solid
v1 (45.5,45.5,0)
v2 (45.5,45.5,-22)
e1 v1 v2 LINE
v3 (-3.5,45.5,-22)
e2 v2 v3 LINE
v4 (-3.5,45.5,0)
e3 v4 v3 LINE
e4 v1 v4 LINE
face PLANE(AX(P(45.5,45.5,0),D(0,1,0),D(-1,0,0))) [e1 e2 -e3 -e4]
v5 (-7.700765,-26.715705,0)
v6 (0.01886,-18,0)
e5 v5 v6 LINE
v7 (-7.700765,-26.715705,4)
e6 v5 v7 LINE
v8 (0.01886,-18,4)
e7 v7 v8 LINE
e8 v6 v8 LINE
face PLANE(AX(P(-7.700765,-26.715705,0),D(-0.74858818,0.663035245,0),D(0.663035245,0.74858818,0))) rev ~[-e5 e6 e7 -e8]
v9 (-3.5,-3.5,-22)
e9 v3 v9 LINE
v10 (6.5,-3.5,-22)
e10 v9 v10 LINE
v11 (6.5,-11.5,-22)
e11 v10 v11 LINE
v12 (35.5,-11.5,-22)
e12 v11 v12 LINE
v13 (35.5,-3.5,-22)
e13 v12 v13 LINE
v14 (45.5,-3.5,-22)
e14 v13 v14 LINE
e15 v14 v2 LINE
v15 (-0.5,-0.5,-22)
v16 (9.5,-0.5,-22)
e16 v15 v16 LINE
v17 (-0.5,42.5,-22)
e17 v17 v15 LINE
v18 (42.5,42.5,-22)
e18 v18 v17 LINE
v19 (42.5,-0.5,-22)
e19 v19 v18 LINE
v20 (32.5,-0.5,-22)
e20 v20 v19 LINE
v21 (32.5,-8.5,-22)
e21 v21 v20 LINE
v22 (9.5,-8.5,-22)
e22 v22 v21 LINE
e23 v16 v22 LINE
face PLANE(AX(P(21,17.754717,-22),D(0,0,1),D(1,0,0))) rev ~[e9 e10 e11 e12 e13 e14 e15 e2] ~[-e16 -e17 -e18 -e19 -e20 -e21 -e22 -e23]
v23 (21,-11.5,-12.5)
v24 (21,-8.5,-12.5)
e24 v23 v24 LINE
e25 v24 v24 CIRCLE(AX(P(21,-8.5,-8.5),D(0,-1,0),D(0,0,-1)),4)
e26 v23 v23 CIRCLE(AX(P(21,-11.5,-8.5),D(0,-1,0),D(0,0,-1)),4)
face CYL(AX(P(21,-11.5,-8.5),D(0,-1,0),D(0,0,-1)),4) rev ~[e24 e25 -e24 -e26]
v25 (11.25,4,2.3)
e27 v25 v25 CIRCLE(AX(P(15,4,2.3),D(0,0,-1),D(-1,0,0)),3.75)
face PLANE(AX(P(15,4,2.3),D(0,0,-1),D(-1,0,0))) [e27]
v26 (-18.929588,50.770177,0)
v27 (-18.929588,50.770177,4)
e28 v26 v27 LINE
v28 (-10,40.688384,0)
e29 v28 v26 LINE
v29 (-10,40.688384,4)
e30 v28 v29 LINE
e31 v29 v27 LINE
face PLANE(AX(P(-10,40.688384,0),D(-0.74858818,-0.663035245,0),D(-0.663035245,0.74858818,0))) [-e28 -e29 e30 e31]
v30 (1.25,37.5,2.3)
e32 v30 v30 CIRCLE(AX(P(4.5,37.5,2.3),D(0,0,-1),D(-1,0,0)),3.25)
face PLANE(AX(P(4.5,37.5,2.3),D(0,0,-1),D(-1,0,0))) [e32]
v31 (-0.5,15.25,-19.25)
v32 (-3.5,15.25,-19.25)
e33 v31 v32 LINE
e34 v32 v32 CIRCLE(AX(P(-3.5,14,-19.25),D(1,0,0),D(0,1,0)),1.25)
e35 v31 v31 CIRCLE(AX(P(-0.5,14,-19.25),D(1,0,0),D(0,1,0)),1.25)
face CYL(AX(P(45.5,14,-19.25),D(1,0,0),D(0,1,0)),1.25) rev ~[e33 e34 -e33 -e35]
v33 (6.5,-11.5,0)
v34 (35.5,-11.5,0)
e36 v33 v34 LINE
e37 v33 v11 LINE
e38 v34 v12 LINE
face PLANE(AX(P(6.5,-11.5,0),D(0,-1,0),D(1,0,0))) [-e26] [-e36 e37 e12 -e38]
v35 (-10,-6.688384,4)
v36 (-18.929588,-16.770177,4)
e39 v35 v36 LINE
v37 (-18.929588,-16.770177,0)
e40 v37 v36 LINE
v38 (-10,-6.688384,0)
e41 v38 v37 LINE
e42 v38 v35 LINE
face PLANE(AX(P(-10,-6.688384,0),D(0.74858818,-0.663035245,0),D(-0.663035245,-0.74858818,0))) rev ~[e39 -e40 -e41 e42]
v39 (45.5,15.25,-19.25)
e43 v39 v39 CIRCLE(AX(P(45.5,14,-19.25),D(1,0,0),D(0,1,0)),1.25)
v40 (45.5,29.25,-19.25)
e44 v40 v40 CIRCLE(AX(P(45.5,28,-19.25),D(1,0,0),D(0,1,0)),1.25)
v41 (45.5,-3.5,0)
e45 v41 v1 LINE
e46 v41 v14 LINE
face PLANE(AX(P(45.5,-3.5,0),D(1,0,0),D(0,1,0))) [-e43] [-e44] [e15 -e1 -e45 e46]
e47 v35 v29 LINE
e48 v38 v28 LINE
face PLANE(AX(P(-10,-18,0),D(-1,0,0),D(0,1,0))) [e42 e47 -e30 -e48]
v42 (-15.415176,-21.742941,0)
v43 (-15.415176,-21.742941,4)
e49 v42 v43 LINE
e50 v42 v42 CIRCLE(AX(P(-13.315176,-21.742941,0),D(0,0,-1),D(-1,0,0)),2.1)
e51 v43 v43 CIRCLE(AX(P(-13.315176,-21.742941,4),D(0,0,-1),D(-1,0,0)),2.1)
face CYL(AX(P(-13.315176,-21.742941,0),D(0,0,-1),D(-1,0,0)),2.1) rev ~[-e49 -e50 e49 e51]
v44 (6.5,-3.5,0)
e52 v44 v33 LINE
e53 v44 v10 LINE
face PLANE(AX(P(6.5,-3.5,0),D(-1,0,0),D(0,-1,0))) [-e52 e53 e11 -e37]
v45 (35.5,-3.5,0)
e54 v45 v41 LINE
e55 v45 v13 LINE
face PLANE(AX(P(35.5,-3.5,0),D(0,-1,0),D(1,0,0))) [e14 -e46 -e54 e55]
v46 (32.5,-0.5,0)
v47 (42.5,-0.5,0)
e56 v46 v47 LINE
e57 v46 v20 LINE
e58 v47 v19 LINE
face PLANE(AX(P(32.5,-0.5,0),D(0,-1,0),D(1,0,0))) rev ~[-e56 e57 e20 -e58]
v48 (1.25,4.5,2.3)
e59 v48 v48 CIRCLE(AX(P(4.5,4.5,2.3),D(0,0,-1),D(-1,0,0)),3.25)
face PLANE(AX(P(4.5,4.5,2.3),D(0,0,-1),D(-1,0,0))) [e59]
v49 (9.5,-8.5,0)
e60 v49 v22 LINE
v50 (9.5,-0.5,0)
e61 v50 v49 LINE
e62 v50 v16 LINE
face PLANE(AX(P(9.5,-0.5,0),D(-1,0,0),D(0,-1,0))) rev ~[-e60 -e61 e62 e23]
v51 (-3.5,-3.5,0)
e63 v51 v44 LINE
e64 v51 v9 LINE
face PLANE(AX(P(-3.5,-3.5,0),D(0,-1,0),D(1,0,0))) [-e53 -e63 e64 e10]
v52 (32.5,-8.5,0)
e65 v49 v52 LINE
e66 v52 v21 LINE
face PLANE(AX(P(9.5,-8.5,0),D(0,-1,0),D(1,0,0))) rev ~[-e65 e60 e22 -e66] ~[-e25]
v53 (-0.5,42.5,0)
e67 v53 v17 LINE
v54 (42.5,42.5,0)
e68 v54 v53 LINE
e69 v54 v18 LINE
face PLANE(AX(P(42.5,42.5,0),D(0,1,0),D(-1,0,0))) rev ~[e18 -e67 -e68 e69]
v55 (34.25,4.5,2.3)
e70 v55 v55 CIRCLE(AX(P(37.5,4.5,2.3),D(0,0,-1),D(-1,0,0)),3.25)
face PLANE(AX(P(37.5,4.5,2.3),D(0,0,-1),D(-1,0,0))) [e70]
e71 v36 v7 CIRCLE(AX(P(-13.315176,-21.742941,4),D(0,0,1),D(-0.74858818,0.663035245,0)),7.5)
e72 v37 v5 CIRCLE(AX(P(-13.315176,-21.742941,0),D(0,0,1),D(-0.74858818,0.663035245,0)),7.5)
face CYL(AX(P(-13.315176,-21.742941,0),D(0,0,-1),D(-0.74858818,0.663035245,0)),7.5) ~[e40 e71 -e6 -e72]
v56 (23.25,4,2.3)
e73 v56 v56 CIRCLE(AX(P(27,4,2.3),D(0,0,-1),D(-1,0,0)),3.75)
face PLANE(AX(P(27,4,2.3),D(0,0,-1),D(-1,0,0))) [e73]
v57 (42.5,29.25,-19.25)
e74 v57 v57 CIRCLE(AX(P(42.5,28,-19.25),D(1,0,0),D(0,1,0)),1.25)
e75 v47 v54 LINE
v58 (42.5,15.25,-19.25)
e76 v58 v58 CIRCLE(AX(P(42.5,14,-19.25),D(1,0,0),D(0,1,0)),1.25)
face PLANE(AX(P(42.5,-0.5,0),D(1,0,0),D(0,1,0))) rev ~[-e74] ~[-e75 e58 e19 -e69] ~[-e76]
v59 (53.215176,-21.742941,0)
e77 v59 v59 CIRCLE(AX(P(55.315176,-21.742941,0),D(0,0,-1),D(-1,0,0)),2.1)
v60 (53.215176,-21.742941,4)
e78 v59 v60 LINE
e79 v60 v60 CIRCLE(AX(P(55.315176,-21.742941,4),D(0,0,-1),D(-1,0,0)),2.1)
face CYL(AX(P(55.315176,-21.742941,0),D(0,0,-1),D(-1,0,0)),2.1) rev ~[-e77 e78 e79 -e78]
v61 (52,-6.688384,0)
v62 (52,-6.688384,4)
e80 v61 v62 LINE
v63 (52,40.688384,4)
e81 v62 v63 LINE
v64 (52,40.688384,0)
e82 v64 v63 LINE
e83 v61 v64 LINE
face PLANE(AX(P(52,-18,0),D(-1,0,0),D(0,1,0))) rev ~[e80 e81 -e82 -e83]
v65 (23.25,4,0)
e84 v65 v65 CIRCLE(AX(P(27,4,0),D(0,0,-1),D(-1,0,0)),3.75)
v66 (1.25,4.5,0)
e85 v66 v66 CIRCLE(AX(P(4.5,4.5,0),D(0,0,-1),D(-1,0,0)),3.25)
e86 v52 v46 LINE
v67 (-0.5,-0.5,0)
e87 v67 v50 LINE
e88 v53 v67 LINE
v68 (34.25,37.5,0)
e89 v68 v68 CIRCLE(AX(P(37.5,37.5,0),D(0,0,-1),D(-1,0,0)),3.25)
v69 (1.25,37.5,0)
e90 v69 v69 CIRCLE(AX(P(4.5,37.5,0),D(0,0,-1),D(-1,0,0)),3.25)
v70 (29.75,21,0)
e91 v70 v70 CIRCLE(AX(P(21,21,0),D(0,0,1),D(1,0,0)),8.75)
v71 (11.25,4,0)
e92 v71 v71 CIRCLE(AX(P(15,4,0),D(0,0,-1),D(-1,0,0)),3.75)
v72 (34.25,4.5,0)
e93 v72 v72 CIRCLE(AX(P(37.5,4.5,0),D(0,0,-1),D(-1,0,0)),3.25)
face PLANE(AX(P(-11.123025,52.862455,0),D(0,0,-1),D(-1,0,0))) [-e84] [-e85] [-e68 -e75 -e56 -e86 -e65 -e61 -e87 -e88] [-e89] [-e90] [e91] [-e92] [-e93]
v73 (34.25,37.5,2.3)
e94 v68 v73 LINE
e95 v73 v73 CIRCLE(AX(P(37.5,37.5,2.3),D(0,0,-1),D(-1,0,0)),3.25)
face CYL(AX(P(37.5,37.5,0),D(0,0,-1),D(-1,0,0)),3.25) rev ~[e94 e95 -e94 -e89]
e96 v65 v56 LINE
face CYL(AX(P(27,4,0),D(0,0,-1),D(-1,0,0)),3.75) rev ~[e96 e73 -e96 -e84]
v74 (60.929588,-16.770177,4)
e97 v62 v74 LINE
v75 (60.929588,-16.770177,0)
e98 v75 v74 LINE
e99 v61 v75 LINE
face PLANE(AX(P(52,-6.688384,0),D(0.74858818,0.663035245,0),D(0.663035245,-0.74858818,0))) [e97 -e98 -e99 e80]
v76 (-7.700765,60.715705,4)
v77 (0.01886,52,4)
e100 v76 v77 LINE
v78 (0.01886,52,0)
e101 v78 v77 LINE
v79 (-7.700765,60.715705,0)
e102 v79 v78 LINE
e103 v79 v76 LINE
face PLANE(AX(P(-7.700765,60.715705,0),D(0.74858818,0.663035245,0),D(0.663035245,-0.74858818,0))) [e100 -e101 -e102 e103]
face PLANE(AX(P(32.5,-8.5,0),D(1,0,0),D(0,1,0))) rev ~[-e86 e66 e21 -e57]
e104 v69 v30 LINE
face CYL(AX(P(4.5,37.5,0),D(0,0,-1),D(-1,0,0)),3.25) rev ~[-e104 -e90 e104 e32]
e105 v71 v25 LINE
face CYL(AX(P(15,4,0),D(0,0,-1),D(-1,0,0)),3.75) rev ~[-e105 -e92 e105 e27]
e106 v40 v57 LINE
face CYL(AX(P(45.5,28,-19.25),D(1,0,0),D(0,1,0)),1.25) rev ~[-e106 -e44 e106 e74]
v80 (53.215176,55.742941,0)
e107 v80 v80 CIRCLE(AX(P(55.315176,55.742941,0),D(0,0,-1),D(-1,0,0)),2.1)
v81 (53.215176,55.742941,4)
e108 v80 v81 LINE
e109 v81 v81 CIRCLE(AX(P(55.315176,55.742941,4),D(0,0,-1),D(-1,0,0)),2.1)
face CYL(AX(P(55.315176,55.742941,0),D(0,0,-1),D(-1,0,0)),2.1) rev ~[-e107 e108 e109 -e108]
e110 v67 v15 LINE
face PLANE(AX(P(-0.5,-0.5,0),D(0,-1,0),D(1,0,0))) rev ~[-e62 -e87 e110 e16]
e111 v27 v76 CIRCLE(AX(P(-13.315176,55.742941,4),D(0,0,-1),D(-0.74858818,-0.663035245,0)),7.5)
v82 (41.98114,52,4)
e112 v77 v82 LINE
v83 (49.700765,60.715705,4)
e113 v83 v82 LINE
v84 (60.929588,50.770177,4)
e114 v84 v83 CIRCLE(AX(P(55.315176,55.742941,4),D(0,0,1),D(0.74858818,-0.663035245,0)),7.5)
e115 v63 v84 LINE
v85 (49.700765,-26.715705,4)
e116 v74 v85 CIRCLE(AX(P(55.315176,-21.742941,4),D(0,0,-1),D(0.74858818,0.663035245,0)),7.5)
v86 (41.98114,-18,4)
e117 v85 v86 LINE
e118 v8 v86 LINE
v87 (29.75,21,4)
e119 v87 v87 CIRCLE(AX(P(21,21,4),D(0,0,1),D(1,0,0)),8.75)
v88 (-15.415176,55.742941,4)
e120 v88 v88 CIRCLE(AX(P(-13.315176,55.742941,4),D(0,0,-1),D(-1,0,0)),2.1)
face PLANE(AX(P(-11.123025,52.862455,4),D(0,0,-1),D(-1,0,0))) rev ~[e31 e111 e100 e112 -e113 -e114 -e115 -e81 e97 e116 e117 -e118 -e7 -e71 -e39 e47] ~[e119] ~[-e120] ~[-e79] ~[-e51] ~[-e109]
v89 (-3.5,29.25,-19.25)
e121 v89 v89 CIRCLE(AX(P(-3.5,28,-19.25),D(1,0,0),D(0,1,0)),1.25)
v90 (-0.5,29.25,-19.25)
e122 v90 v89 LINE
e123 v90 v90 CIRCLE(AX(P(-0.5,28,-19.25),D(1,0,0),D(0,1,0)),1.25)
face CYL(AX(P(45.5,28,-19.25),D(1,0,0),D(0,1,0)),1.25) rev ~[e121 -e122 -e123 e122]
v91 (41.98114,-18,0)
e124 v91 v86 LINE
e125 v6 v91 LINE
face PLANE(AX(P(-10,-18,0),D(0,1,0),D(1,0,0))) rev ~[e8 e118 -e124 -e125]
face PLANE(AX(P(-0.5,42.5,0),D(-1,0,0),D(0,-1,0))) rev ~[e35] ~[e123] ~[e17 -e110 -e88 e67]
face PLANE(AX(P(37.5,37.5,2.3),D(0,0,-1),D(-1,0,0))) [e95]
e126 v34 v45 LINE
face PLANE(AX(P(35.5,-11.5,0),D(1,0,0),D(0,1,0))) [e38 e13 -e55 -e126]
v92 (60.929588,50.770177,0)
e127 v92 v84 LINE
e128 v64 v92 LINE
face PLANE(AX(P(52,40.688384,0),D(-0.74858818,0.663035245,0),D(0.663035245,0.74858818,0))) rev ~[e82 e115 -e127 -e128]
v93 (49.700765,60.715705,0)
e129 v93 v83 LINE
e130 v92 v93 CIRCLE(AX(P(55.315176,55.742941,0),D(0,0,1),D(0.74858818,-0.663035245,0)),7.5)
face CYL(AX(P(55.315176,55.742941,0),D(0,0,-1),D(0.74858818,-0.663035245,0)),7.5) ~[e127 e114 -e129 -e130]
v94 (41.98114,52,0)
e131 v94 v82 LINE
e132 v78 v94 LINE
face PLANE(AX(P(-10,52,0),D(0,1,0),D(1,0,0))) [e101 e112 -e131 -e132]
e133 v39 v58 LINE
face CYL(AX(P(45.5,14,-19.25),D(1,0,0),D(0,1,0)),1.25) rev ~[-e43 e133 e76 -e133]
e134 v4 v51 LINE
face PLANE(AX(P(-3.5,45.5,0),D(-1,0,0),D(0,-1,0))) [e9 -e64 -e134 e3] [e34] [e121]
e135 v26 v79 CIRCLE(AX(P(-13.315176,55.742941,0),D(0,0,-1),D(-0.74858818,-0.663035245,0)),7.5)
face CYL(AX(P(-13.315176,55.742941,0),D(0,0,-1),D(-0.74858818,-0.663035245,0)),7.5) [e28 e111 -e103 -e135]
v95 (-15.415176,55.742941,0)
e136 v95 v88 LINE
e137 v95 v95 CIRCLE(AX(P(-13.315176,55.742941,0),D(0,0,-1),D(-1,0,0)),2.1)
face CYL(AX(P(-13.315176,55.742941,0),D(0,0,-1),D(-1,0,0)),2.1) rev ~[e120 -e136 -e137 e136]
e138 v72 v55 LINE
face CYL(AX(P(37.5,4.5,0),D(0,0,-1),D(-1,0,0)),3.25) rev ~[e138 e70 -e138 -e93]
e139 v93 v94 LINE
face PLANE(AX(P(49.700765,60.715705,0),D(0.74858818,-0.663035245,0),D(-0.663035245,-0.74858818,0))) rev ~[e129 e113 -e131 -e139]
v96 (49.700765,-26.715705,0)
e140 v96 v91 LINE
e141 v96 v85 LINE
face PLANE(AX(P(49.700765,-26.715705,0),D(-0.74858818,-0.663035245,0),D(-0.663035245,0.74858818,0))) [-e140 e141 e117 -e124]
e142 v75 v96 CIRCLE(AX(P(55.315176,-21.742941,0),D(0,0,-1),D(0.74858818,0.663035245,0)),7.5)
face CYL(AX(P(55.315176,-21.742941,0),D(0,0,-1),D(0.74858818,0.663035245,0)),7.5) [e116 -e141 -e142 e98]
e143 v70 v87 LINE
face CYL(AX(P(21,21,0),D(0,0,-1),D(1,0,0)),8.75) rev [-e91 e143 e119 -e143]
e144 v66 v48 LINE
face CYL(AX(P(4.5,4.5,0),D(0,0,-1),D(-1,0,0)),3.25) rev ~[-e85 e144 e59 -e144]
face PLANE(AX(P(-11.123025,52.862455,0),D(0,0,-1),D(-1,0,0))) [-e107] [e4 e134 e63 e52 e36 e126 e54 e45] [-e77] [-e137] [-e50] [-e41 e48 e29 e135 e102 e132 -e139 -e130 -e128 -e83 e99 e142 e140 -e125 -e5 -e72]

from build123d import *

# Parameters (mm, degrees)
SKETCH1_W               = 62
SKETCH1_H               = 70
SKETCH1_R               = 8.75
BOTTOM_DEPTH            = 4
SKETCH2_R               = 3.25
SKETCH2_R_2             = 3.75
SCREW_INLETS_DEPTH      = 2.3
SKETCH3_R               = 2.1
MOUNTING_ARMS_DEPTH     = 4
WALLS_DEPTH             = 22
ADAPTER_BOLT_HOLE_REACH = 102.081
SKETCH5_R               = 4
M2_LOCK_HOLES_REACH     = 96.241
SKETCH7_R               = 1.25


with BuildPart() as part:
    # Sketch1 → Bottom (new body)
    with BuildSketch(Plane.XY):
        with Locations((21, 17)):
            Rectangle(SKETCH1_W, SKETCH1_H)
        with Locations((21, 21)):
            Circle(SKETCH1_R, mode=Mode.SUBTRACT)
    extrude(amount=BOTTOM_DEPTH)

    # Sketch2 → Screw_inlets (cut)
    with BuildSketch(Plane(origin=(0, 0, 0), x_dir=(-1, 0, 0), z_dir=(0, 0, -1))):
        with Locations((-37.5, 4.5)):
            Circle(SKETCH2_R)
        with Locations((-37.5, 37.5)):
            Circle(SKETCH2_R)
        with Locations((-27, 4)):
            Circle(SKETCH2_R_2)
        with Locations((-15, 4)):
            Circle(SKETCH2_R_2)
        with Locations((-4.5, 4.5)):
            Circle(SKETCH2_R)
        with Locations((-4.5, 37.5)):
            Circle(SKETCH2_R)
    extrude(amount=-SCREW_INLETS_DEPTH, mode=Mode.SUBTRACT)

    # Sketch3 → Mounting_arms (add)
    # profile 1 of 4: a face of its own
    with BuildSketch(Plane(origin=(0, 0, 0), x_dir=(-1, 0, 0), z_dir=(0, 0, -1))):
        with BuildLine():
            Line((10, 40.688384135), (18.929587578, 50.770176561))
            ThreePointArc((18.929587578, 50.770176561), (18.287940566, 61.357352252), (7.700764875, 60.715705241))
            Line((7.700764875, 60.715705241), (-0.018859766, 52))
            Line((-0.018859766, 52), (10, 52))
            Line((10, 52), (10, 40.688384135))
        make_face()
        with Locations((13.315176226, 55.742940901)):
            Circle(SKETCH3_R, mode=Mode.SUBTRACT)
    # profile 2 of 4: a face of its own
    with BuildSketch(Plane(origin=(0, 0, 0), x_dir=(-1, 0, 0), z_dir=(0, 0, -1))):
        with BuildLine():
            Line((-52, 40.688384135), (-60.929587578, 50.770176561))
            ThreePointArc((-60.929587578, 50.770176561), (-60.287940566, 61.357352252), (-49.700764875, 60.715705241))
            Line((-49.700764875, 60.715705241), (-41.981140234, 52))
            Line((-41.981140234, 52), (-52, 52))
            Line((-52, 52), (-52, 40.688384135))
        make_face()
        with Locations((-55.315176226, 55.742940901)):
            Circle(SKETCH3_R, mode=Mode.SUBTRACT)
    # profile 3 of 4: a face of its own
    with BuildSketch(Plane(origin=(0, 0, 0), x_dir=(-1, 0, 0), z_dir=(0, 0, -1))):
        with BuildLine():
            Line((10, -6.688384135), (18.929587578, -16.770176561))
            ThreePointArc((18.929587578, -16.770176561), (18.287940566, -27.357352252), (7.700764875, -26.715705241))
            Line((7.700764875, -26.715705241), (-0.018859766, -18))
            Line((-0.018859766, -18), (10, -18))
            Line((10, -18), (10, -6.688384135))
        make_face()
        with Locations((13.315176226, -21.742940901)):
            Circle(SKETCH3_R, mode=Mode.SUBTRACT)
    # profile 4 of 4: a face of its own
    with BuildSketch(Plane(origin=(0, 0, 0), x_dir=(-1, 0, 0), z_dir=(0, 0, -1))):
        with BuildLine():
            Line((-52, -18), (-52, -6.688384135))
            Line((-52, -6.688384135), (-60.929587578, -16.770176561))
            ThreePointArc((-60.929587578, -16.770176561), (-60.287940566, -27.357352252), (-49.700764875, -26.715705241))
            Line((-49.700764875, -26.715705241), (-41.981140234, -18))
            Line((-41.981140234, -18), (-52, -18))
        make_face()
        with Locations((-55.315176226, -21.742940901)):
            Circle(SKETCH3_R, mode=Mode.SUBTRACT)
    extrude(amount=-MOUNTING_ARMS_DEPTH)

    # Sketch4 → Walls (add)
    with BuildSketch(Plane(origin=(0, 0, 0), x_dir=(-1, 0, 0), z_dir=(0, 0, -1))):
        Polygon((-6.5, -11.5), (-35.5, -11.5), (-35.5, -3.5), (-45.5, -3.5), (-45.5, 45.5), (3.5, 45.5), (3.5, -3.5), (-6.5, -3.5), align=None)
        Polygon((-9.5, -8.5), (-32.5, -8.5), (-32.5, -0.5), (-42.5, -0.5), (-42.5, 42.5), (0.5, 42.5), (0.5, -0.5), (-9.5, -0.5), align=None, mode=Mode.SUBTRACT)
    extrude(amount=WALLS_DEPTH)

    # Sketch5 → Adapter_bolt_hole (cut, up to next)
    with BuildSketch(Plane.XZ.offset(11.5), mode=Mode.PRIVATE) as adapter_bolt_hole_sk1:
        with Locations(Location((21, -8.5, 0), (0, 0, 270))):
            Circle(SKETCH5_R)
    adapter_bolt_hole_tool1 = extrude(adapter_bolt_hole_sk1.sketch, amount=-ADAPTER_BOLT_HOLE_REACH, mode=Mode.PRIVATE) & part.part
    add(adapter_bolt_hole_tool1.solids().sort_by_distance((21, -11.5, -8.5))[0], mode=Mode.SUBTRACT)

    # M2_lock_holes: up to this face of the body (flat: up to its plane)
    m2_lock_holes_end = Plane(part.part.faces().sort_by_distance((-3.5, 21, -11))[0])
    # Sketch7 → M2_lock_holes (cut, up to the picked face)
    with BuildSketch(Plane(origin=(45.5, 0, 0), x_dir=(0, 0, -1), z_dir=(1, 0, 0)), mode=Mode.PRIVATE) as m2_lock_holes_sk1:
        with Locations(Location((19.25, 28, 0), (0, 0, 90))):
            Circle(SKETCH7_R)
    m2_lock_holes_tool1 = split(extrude(m2_lock_holes_sk1.sketch, amount=-M2_LOCK_HOLES_REACH, mode=Mode.PRIVATE), bisect_by=m2_lock_holes_end, keep=Keep.BOTH, mode=Mode.PRIVATE)
    # Sketch7 → M2_lock_holes (cut, up to the picked face)
    with BuildSketch(Plane(origin=(45.5, 0, 0), x_dir=(0, 0, -1), z_dir=(1, 0, 0)), mode=Mode.PRIVATE) as m2_lock_holes_sk2:
        with Locations(Location((19.25, 14, 0), (0, 0, 90))):
            Circle(SKETCH7_R)
    m2_lock_holes_tool2 = split(extrude(m2_lock_holes_sk2.sketch, amount=-M2_LOCK_HOLES_REACH, mode=Mode.PRIVATE), bisect_by=m2_lock_holes_end, keep=Keep.BOTH, mode=Mode.PRIVATE)
    add(m2_lock_holes_tool1.solids().sort_by(Axis((45.5, 28, -19.25), (-1, 0, 0)))[0], mode=Mode.SUBTRACT)
    add(m2_lock_holes_tool2.solids().sort_by(Axis((45.5, 14, -19.25), (-1, 0, 0)))[0], mode=Mode.SUBTRACT)


solid = part.part
